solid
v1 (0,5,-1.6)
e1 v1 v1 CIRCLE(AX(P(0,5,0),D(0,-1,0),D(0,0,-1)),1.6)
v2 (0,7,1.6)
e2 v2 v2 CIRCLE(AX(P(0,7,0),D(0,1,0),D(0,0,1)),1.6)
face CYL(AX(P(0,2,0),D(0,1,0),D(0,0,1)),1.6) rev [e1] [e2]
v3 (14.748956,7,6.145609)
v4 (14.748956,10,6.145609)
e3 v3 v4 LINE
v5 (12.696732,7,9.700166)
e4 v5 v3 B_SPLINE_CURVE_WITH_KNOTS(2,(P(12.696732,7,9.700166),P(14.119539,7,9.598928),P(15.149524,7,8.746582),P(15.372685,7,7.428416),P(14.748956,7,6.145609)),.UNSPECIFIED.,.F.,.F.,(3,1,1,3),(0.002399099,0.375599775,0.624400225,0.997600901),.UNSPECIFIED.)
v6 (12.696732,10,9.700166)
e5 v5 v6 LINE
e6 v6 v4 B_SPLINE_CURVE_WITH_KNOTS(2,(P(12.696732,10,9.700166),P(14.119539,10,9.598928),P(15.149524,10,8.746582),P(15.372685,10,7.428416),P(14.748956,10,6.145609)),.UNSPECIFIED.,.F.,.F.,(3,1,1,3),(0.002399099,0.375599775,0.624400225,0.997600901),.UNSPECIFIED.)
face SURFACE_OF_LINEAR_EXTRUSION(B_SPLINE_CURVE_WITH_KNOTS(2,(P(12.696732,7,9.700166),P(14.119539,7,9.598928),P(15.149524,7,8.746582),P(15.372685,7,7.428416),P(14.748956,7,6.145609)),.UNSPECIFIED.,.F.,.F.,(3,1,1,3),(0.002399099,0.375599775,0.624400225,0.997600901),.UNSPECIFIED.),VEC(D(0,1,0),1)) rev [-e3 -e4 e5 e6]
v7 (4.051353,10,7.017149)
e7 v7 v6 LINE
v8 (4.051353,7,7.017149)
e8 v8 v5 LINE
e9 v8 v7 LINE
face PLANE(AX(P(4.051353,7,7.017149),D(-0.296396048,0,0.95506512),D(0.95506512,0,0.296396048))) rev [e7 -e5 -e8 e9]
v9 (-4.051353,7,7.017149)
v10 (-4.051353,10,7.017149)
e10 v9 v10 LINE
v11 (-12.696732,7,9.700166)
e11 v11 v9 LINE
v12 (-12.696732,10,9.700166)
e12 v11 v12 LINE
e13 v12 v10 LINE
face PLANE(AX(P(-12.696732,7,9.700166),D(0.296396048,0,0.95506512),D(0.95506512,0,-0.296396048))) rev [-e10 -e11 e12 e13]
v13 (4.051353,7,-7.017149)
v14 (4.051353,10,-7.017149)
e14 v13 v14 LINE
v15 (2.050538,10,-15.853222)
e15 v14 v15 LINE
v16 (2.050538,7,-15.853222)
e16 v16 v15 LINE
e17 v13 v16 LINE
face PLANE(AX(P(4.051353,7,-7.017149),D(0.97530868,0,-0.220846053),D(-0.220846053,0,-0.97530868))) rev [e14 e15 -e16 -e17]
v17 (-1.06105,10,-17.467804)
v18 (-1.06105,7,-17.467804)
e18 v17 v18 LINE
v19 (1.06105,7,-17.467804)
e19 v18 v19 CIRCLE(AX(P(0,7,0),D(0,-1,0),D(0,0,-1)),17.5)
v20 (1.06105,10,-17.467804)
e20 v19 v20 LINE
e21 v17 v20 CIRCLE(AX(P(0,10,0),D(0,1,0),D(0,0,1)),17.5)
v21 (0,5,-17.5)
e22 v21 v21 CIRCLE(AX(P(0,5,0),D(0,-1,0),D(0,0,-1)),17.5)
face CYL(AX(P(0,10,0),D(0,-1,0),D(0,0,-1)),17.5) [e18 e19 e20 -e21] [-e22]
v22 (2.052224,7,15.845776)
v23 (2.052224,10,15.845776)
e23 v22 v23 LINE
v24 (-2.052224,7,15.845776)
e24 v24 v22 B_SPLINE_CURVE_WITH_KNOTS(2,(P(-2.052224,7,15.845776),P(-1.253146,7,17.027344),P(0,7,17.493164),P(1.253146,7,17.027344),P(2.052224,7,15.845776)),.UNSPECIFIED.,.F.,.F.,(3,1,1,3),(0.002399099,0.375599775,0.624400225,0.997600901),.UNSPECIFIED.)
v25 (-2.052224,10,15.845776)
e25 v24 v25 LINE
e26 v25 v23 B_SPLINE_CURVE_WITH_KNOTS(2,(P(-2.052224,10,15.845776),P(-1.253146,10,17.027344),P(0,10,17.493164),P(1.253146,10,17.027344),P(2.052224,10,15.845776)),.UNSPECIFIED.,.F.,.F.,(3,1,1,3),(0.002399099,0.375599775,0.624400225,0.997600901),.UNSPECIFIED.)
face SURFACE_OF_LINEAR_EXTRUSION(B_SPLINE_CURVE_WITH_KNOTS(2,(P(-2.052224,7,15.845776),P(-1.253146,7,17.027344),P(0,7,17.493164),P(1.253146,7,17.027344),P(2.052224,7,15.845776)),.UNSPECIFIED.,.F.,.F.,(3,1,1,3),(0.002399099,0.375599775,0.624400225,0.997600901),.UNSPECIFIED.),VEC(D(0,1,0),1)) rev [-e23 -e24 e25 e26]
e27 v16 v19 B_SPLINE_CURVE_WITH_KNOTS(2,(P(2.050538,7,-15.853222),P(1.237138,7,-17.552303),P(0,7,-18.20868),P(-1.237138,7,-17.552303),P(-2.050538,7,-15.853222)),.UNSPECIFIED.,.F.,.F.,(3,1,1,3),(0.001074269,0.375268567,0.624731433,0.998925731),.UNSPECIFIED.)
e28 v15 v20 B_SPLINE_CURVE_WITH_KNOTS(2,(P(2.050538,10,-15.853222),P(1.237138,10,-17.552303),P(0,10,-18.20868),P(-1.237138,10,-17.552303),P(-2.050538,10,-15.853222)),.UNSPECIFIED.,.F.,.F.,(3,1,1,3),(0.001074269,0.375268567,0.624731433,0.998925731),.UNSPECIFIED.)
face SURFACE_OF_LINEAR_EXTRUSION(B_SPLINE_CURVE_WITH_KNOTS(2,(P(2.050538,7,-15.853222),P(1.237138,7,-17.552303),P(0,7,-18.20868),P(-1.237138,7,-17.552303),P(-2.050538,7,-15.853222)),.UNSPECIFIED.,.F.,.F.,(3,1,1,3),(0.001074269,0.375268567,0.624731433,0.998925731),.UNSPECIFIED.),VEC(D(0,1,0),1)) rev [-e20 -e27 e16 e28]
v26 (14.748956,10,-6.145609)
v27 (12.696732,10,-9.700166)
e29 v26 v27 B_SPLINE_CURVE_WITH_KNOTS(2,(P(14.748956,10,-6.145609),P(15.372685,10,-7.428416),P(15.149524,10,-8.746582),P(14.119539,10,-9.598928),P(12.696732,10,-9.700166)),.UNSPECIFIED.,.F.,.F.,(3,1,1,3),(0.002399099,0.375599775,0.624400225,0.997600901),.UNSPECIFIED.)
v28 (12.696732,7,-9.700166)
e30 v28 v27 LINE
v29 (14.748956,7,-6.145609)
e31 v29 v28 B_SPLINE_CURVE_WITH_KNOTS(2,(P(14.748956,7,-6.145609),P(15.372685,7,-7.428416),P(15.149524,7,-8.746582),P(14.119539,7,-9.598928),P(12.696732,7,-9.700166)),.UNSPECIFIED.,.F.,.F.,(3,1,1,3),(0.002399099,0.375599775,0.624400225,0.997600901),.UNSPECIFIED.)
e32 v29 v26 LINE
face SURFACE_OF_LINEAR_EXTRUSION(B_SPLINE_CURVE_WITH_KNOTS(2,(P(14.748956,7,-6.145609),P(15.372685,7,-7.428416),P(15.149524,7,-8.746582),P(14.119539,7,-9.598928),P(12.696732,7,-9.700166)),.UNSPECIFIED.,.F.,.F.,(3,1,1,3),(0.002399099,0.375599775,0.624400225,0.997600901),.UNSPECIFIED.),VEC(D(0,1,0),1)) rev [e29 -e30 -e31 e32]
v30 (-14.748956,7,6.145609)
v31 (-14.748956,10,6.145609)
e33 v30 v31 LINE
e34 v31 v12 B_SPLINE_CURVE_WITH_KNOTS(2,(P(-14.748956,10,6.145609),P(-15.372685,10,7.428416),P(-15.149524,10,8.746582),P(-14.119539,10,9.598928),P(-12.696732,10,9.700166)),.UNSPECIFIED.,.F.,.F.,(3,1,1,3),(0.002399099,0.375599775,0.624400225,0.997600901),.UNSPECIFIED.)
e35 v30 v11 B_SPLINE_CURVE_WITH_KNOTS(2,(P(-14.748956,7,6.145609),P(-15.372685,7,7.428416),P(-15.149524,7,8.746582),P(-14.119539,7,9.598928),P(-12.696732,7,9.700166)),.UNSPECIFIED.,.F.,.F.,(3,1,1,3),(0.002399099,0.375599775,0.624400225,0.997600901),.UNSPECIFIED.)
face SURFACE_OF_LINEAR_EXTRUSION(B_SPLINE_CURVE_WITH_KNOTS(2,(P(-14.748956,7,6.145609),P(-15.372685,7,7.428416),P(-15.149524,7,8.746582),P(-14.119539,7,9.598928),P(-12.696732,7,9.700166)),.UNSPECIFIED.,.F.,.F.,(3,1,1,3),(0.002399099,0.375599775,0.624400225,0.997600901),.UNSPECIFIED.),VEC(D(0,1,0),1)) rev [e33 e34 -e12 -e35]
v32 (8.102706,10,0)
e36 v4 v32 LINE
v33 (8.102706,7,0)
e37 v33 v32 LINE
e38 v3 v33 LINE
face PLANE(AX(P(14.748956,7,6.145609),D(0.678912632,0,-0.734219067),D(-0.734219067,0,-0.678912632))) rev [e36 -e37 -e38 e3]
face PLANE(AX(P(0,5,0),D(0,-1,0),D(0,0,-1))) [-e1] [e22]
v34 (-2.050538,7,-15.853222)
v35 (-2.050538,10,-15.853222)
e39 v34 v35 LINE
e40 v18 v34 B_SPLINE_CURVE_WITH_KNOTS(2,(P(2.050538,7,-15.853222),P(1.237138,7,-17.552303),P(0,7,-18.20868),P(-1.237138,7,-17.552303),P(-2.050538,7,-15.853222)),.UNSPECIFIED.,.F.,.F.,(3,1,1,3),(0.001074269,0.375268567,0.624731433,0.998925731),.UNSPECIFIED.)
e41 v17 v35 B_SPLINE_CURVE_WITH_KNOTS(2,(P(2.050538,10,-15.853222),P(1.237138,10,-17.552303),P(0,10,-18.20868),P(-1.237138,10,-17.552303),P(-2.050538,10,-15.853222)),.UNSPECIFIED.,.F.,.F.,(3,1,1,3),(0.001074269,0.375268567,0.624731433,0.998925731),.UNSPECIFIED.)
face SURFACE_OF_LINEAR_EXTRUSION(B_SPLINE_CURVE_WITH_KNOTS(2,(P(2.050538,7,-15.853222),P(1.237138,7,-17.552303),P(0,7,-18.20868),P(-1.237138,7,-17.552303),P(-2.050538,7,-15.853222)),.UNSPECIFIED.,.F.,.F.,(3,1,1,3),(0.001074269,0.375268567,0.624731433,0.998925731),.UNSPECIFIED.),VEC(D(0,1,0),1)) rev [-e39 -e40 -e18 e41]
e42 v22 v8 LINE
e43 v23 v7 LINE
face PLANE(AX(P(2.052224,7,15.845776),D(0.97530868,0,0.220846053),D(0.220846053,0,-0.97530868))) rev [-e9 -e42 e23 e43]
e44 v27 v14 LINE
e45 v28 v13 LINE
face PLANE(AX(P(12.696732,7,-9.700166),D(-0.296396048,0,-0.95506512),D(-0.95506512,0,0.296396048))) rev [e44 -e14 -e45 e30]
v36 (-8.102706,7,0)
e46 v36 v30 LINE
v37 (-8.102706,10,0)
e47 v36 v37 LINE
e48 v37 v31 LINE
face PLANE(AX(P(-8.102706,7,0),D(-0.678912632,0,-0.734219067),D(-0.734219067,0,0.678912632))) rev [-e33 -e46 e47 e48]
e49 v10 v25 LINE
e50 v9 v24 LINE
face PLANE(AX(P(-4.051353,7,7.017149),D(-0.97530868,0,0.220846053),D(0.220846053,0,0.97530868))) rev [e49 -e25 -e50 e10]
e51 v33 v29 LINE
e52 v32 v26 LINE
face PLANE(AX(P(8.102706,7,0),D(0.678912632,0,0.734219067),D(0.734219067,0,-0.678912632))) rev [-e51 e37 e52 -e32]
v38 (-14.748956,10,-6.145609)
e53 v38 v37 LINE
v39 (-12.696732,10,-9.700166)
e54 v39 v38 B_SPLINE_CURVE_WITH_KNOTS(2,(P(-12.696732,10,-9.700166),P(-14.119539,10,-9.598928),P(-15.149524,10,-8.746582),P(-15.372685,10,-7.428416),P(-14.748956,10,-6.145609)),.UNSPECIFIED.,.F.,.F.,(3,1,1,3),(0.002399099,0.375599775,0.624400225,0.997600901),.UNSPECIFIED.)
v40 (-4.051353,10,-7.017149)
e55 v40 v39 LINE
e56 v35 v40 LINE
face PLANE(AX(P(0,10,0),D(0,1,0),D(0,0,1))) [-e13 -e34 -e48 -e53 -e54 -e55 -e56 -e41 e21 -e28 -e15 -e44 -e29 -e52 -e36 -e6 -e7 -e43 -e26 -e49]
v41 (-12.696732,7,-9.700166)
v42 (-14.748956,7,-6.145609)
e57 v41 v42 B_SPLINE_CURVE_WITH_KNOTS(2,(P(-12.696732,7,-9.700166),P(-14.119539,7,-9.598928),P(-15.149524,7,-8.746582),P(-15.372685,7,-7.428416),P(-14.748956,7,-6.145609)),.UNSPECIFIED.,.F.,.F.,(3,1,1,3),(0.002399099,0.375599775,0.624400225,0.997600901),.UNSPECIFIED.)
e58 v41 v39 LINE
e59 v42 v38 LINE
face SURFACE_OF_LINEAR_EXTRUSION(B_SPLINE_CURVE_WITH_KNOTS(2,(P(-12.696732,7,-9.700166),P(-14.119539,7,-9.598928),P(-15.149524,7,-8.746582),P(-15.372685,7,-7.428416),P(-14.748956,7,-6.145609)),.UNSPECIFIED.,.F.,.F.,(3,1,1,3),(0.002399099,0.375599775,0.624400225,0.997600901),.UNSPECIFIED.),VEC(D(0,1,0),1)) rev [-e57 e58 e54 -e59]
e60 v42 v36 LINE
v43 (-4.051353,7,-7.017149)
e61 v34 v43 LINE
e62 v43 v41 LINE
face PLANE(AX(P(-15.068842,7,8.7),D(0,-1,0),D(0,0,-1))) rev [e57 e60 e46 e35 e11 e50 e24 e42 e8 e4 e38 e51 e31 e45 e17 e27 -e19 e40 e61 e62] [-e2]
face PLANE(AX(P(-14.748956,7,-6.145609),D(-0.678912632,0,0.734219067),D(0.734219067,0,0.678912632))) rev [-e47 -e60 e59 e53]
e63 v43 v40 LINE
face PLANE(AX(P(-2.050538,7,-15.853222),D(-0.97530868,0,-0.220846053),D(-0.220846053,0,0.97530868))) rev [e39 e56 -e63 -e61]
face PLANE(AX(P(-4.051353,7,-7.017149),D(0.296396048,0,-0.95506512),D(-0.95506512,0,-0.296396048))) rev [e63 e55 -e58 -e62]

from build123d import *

# Parameters (mm, degrees)
SKETCH1_R           = 17.5
BOSS_EXTRUDE1_DEPTH = 10
CUT_EXTRUDE2_DEPTH  = 3
SKETCH4_R           = 17.5
CUT_EXTRUDE3_DEPTH  = 5
SKETCH5_R           = 1.6
CUT_EXTRUDE4_DEPTH  = 5


with BuildPart() as part:
    # Sketch1 → Boss-Extrude1 (new body)
    with BuildSketch(Plane(origin=(0, 0, 0), x_dir=(1, 0, 0), z_dir=(0, 1, 0))):
        with Locations(Location((0, 0, 0), (0, 0, 270))):
            Circle(SKETCH1_R)
    extrude(amount=BOSS_EXTRUDE1_DEPTH)

    # Sketch3 → Cut-Extrude2 (cut)
    with BuildSketch(Plane(origin=(-674.936170281, 10, -1288.963286539), x_dir=(1, 0, 0), z_dir=(0, 1, 0))):
        with BuildLine():
            Line((670.88481746, -1281.946137613), (662.239438243, -1279.26312032))
            add(Edge.make_bspline(
                [(662.239438243, -1279.26312032), (660.816630975, -1279.364358211), (659.786645841, -1280.216704525), (659.563484847, -1281.534870974), (660.187213896, -1282.817677158)],
                knots=[0.002399099, 0.002399099, 0.002399099, 0.375599775, 0.624400225, 0.997600901, 0.997600901, 0.997600901], degree=2))
            Line((660.187213896, -1282.817677158), (666.833464638, -1288.963286539))
            Line((666.833464638, -1288.963286539), (660.187213896, -1295.108895919))
            add(Edge.make_bspline(
                [(660.187213896, -1295.108895919), (659.563484847, -1296.391702103), (659.786645841, -1297.709868552), (660.816630975, -1298.562214867), (662.239438243, -1298.663452757)],
                knots=[0.002399099, 0.002399099, 0.002399099, 0.375599775, 0.624400225, 0.997600901, 0.997600901, 0.997600901], degree=2))
            Line((662.239438243, -1298.663452757), (670.88481746, -1295.980435464))
            Line((670.88481746, -1295.980435464), (672.883945934, -1304.809062138))
            add(Edge.make_bspline(
                [(672.883945934, -1304.809062138), (673.683024153, -1305.990630431), (674.936170281, -1306.456450565), (676.189316409, -1305.990630431), (676.988394628, -1304.809062138)],
                knots=[0.002399099, 0.002399099, 0.002399099, 0.375599775, 0.624400225, 0.997600901, 0.997600901, 0.997600901], degree=2))
            Line((676.988394628, -1304.809062138), (678.987523102, -1295.980435464))
            Line((678.987523102, -1295.980435464), (687.632902319, -1298.663452757))
            add(Edge.make_bspline(
                [(687.632902319, -1298.663452757), (689.055709587, -1298.562214867), (690.085694721, -1297.709868552), (690.308855715, -1296.391702103), (689.685126666, -1295.108895919)],
                knots=[0.002399099, 0.002399099, 0.002399099, 0.375599775, 0.624400225, 0.997600901, 0.997600901, 0.997600901], degree=2))
            Line((689.685126666, -1295.108895919), (683.038875923, -1288.963286539))
            Line((683.038875923, -1288.963286539), (689.685126666, -1282.817677158))
            add(Edge.make_bspline(
                [(689.685126666, -1282.817677158), (690.308855715, -1281.534870974), (690.08569472, -1280.216704525), (689.055709587, -1279.364358211), (687.632902319, -1279.26312032)],
                knots=[0.002399099, 0.002399099, 0.002399099, 0.375599775, 0.624400225, 0.997600901, 0.997600901, 0.997600901], degree=2))
            Line((687.632902319, -1279.26312032), (678.987523102, -1281.946137613))
            Line((678.987523102, -1281.946137613), (676.986708426, -1273.110064271))
            add(Edge.make_bspline(
                [(676.986708426, -1273.110064271), (676.173308063, -1271.410983092), (674.936170281, -1270.754606381), (673.699032499, -1271.410983092), (672.885632136, -1273.110064271)],
                knots=[0.001074269, 0.001074269, 0.001074269, 0.375268567, 0.624731433, 0.998925731, 0.998925731, 0.998925731], degree=2))
            Line((672.885632136, -1273.110064271), (670.88481746, -1281.946137613))
        make_face()
    extrude(amount=-CUT_EXTRUDE2_DEPTH, mode=Mode.SUBTRACT)

    # Sketch4 → Cut-Extrude3 (cut)
    with BuildSketch(Plane.XZ):
        with Locations(Location((0, 0, 0), (0, 0, 270))):
            Circle(SKETCH4_R)
    extrude(amount=-CUT_EXTRUDE3_DEPTH, mode=Mode.SUBTRACT)

    # Sketch5 → Cut-Extrude4 (cut)
    with BuildSketch(Plane(origin=(0, 7, 0), x_dir=(1, 0, 0), z_dir=(0, 1, 0))):
        with Locations(Location((0, 0, 0), (0, 0, 270))):
            Circle(SKETCH5_R)
    extrude(amount=-CUT_EXTRUDE4_DEPTH, mode=Mode.SUBTRACT)


solid = part.part
